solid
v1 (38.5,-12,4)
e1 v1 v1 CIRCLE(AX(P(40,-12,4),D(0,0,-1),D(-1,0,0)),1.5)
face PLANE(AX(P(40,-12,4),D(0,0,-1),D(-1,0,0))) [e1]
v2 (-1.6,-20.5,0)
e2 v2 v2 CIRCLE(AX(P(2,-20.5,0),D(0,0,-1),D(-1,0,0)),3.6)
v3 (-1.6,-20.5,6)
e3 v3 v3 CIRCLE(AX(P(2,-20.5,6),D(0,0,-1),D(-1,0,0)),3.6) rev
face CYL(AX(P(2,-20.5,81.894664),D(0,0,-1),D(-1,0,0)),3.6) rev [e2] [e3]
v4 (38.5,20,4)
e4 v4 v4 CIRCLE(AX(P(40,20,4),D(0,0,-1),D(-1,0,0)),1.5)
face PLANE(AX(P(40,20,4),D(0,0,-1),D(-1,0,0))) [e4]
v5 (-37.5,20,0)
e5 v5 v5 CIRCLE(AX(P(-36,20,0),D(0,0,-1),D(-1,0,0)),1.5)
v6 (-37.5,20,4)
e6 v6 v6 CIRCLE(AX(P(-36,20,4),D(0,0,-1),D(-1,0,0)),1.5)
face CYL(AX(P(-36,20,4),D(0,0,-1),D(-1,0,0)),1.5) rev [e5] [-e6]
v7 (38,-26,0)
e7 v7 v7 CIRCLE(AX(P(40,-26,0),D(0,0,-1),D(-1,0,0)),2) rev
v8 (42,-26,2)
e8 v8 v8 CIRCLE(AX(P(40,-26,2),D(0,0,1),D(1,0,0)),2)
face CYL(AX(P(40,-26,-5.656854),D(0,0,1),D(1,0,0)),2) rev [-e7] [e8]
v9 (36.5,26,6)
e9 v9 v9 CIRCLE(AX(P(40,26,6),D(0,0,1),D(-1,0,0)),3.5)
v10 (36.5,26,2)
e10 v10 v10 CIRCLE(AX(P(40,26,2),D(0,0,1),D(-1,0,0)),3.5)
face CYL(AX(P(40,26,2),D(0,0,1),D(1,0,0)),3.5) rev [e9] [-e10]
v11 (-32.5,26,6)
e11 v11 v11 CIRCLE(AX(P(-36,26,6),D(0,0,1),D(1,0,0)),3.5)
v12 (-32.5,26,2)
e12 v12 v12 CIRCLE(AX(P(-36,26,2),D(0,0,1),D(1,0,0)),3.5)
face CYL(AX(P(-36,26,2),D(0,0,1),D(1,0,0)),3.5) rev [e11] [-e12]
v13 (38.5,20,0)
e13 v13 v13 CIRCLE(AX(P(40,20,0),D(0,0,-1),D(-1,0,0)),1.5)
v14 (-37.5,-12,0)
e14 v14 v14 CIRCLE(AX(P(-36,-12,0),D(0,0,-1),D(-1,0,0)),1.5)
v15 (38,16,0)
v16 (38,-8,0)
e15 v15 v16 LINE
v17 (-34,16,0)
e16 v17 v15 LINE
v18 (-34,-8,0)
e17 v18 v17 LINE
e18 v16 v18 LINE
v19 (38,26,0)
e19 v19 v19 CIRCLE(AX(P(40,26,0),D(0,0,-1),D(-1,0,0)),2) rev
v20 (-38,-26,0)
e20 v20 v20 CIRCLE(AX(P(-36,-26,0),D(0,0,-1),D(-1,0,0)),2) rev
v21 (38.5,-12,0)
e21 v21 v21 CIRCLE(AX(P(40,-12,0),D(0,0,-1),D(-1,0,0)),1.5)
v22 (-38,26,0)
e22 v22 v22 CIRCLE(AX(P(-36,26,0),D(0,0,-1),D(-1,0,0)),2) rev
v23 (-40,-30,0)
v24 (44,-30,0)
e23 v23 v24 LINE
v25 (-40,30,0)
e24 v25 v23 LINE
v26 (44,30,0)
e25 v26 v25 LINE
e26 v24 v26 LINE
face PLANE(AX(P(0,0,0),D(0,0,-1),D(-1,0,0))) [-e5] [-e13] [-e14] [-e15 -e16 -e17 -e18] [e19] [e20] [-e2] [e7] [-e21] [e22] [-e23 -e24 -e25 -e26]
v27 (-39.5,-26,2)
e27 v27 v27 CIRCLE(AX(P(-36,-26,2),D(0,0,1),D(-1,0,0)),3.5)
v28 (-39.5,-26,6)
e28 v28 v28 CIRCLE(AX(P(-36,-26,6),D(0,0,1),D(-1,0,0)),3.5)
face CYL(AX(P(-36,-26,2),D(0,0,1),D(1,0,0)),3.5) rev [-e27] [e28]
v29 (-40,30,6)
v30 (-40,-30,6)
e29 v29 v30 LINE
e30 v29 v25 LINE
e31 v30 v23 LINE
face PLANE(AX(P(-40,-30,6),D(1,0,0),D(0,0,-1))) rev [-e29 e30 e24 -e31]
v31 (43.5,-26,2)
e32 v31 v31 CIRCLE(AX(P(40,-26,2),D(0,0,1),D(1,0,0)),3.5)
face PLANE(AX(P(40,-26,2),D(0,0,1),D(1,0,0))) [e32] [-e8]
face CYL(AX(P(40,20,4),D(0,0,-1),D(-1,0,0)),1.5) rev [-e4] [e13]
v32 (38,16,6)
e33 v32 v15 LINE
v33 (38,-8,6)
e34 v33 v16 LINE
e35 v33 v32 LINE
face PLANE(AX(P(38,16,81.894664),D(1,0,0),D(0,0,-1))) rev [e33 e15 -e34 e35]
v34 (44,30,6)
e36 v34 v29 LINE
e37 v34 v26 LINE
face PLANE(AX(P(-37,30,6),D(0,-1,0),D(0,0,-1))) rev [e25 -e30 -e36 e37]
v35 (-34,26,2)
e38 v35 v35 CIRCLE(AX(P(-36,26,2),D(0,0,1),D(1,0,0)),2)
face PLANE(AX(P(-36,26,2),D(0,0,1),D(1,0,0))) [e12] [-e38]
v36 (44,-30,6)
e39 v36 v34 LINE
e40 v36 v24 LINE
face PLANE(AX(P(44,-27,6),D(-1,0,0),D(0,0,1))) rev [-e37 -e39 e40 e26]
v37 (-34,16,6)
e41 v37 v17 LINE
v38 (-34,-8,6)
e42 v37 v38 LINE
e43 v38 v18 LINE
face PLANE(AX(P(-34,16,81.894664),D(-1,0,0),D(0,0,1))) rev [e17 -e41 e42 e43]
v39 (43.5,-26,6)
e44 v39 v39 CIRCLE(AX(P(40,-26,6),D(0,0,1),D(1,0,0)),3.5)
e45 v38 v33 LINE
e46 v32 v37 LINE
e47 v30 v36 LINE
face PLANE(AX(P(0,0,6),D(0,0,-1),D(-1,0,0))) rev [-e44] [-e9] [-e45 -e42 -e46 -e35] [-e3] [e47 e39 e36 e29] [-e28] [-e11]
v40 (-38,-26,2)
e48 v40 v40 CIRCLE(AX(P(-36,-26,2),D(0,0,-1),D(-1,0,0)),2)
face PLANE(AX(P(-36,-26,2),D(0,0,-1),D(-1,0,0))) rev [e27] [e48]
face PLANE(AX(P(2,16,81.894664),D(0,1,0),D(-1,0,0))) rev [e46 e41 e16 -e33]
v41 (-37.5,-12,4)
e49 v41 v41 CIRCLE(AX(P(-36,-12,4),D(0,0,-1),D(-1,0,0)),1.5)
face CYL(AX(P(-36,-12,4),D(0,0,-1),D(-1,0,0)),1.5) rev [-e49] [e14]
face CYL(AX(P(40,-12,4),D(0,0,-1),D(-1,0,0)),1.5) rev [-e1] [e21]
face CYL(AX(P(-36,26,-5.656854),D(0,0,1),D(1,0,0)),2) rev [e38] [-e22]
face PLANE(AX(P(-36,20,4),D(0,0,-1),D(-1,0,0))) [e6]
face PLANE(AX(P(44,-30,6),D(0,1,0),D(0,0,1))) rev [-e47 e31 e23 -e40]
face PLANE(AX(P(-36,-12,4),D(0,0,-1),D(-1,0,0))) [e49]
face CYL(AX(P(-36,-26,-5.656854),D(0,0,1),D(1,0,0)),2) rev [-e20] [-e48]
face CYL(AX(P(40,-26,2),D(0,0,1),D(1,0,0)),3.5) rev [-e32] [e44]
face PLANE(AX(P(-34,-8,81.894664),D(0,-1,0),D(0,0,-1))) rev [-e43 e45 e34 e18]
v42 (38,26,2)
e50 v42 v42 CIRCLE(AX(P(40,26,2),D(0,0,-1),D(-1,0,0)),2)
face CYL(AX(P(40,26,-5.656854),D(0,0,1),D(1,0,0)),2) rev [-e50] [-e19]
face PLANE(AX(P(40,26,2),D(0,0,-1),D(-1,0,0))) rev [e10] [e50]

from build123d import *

# Parameters (mm, degrees)
BOSS_EXTRUDE1_DEPTH = 6
SKETCH3_R           = 3.5
CUT_EXTRUDE2_DEPTH  = 4
SKETCH4_R           = 2
CUT_EXTRUDE3_DEPTH  = 6
SKETCH6_R           = 3.6
CUT_EXTRUDE4_DEPTH  = 6
CUT_EXTRUDE6_START  = -6
SKETCH10_R          = 1.5
CUT_EXTRUDE6_DEPTH  = 4


with BuildPart() as part:
    # Sketch1 → Boss-Extrude1 (new body)
    with BuildSketch(Plane.XY):
        Polygon((-37, 30), (-40, 30), (-40, 27), (-40, -27), (-40, -30), (-37, -30), (37, -30), (44, -30), (44, -27), (44, 27), (44, 30), (37, 30), align=None)
    extrude(amount=BOSS_EXTRUDE1_DEPTH)

    # Sketch3 → Cut-Extrude2 (cut)
    with BuildSketch(Plane.XY.offset(6)):
        with Locations((-36, 26)):
            Circle(SKETCH3_R)
        with Locations((40, 26)):
            Circle(SKETCH3_R)
        with Locations((40, -26)):
            Circle(SKETCH3_R)
        with Locations((-36, -26)):
            Circle(SKETCH3_R)
    extrude(amount=-CUT_EXTRUDE2_DEPTH, mode=Mode.SUBTRACT)

    # Sketch4 → Cut-Extrude3 (cut)
    with BuildSketch(Plane.XY.offset(6)):
        with Locations((-36, 26)):
            Circle(SKETCH4_R)
        with Locations((40, 26)):
            Circle(SKETCH4_R)
        with Locations((40, -26)):
            Circle(SKETCH4_R)
        with Locations((-36, -26)):
            Circle(SKETCH4_R)
    extrude(amount=-CUT_EXTRUDE3_DEPTH, mode=Mode.SUBTRACT)

    # Sketch6 → Cut-Extrude4 (cut)
    with BuildSketch(Plane(origin=(0, 0, 0), x_dir=(-1, 0, 0), z_dir=(0, 0, -1))):
        with Locations((-2, -20.5)):
            Circle(SKETCH6_R)
        Polygon((30.5, -8), (-34.5, -8), (-38, -8), (-38, 16), (-2, 16), (34, 16), (34, -8), align=None)
    extrude(amount=-CUT_EXTRUDE4_DEPTH, mode=Mode.SUBTRACT)

    # Sketch10 → Cut-Extrude6 (cut)
    with BuildSketch(Plane.XY.offset(6).offset(CUT_EXTRUDE6_START)):
        with Locations((-36, 20)):
            Circle(SKETCH10_R)
        with Locations((40, 20)):
            Circle(SKETCH10_R)
        with Locations((40, -12)):
            Circle(SKETCH10_R)
        with Locations((-36, -12)):
            Circle(SKETCH10_R)
    extrude(amount=CUT_EXTRUDE6_DEPTH, mode=Mode.SUBTRACT)


solid = part.part
